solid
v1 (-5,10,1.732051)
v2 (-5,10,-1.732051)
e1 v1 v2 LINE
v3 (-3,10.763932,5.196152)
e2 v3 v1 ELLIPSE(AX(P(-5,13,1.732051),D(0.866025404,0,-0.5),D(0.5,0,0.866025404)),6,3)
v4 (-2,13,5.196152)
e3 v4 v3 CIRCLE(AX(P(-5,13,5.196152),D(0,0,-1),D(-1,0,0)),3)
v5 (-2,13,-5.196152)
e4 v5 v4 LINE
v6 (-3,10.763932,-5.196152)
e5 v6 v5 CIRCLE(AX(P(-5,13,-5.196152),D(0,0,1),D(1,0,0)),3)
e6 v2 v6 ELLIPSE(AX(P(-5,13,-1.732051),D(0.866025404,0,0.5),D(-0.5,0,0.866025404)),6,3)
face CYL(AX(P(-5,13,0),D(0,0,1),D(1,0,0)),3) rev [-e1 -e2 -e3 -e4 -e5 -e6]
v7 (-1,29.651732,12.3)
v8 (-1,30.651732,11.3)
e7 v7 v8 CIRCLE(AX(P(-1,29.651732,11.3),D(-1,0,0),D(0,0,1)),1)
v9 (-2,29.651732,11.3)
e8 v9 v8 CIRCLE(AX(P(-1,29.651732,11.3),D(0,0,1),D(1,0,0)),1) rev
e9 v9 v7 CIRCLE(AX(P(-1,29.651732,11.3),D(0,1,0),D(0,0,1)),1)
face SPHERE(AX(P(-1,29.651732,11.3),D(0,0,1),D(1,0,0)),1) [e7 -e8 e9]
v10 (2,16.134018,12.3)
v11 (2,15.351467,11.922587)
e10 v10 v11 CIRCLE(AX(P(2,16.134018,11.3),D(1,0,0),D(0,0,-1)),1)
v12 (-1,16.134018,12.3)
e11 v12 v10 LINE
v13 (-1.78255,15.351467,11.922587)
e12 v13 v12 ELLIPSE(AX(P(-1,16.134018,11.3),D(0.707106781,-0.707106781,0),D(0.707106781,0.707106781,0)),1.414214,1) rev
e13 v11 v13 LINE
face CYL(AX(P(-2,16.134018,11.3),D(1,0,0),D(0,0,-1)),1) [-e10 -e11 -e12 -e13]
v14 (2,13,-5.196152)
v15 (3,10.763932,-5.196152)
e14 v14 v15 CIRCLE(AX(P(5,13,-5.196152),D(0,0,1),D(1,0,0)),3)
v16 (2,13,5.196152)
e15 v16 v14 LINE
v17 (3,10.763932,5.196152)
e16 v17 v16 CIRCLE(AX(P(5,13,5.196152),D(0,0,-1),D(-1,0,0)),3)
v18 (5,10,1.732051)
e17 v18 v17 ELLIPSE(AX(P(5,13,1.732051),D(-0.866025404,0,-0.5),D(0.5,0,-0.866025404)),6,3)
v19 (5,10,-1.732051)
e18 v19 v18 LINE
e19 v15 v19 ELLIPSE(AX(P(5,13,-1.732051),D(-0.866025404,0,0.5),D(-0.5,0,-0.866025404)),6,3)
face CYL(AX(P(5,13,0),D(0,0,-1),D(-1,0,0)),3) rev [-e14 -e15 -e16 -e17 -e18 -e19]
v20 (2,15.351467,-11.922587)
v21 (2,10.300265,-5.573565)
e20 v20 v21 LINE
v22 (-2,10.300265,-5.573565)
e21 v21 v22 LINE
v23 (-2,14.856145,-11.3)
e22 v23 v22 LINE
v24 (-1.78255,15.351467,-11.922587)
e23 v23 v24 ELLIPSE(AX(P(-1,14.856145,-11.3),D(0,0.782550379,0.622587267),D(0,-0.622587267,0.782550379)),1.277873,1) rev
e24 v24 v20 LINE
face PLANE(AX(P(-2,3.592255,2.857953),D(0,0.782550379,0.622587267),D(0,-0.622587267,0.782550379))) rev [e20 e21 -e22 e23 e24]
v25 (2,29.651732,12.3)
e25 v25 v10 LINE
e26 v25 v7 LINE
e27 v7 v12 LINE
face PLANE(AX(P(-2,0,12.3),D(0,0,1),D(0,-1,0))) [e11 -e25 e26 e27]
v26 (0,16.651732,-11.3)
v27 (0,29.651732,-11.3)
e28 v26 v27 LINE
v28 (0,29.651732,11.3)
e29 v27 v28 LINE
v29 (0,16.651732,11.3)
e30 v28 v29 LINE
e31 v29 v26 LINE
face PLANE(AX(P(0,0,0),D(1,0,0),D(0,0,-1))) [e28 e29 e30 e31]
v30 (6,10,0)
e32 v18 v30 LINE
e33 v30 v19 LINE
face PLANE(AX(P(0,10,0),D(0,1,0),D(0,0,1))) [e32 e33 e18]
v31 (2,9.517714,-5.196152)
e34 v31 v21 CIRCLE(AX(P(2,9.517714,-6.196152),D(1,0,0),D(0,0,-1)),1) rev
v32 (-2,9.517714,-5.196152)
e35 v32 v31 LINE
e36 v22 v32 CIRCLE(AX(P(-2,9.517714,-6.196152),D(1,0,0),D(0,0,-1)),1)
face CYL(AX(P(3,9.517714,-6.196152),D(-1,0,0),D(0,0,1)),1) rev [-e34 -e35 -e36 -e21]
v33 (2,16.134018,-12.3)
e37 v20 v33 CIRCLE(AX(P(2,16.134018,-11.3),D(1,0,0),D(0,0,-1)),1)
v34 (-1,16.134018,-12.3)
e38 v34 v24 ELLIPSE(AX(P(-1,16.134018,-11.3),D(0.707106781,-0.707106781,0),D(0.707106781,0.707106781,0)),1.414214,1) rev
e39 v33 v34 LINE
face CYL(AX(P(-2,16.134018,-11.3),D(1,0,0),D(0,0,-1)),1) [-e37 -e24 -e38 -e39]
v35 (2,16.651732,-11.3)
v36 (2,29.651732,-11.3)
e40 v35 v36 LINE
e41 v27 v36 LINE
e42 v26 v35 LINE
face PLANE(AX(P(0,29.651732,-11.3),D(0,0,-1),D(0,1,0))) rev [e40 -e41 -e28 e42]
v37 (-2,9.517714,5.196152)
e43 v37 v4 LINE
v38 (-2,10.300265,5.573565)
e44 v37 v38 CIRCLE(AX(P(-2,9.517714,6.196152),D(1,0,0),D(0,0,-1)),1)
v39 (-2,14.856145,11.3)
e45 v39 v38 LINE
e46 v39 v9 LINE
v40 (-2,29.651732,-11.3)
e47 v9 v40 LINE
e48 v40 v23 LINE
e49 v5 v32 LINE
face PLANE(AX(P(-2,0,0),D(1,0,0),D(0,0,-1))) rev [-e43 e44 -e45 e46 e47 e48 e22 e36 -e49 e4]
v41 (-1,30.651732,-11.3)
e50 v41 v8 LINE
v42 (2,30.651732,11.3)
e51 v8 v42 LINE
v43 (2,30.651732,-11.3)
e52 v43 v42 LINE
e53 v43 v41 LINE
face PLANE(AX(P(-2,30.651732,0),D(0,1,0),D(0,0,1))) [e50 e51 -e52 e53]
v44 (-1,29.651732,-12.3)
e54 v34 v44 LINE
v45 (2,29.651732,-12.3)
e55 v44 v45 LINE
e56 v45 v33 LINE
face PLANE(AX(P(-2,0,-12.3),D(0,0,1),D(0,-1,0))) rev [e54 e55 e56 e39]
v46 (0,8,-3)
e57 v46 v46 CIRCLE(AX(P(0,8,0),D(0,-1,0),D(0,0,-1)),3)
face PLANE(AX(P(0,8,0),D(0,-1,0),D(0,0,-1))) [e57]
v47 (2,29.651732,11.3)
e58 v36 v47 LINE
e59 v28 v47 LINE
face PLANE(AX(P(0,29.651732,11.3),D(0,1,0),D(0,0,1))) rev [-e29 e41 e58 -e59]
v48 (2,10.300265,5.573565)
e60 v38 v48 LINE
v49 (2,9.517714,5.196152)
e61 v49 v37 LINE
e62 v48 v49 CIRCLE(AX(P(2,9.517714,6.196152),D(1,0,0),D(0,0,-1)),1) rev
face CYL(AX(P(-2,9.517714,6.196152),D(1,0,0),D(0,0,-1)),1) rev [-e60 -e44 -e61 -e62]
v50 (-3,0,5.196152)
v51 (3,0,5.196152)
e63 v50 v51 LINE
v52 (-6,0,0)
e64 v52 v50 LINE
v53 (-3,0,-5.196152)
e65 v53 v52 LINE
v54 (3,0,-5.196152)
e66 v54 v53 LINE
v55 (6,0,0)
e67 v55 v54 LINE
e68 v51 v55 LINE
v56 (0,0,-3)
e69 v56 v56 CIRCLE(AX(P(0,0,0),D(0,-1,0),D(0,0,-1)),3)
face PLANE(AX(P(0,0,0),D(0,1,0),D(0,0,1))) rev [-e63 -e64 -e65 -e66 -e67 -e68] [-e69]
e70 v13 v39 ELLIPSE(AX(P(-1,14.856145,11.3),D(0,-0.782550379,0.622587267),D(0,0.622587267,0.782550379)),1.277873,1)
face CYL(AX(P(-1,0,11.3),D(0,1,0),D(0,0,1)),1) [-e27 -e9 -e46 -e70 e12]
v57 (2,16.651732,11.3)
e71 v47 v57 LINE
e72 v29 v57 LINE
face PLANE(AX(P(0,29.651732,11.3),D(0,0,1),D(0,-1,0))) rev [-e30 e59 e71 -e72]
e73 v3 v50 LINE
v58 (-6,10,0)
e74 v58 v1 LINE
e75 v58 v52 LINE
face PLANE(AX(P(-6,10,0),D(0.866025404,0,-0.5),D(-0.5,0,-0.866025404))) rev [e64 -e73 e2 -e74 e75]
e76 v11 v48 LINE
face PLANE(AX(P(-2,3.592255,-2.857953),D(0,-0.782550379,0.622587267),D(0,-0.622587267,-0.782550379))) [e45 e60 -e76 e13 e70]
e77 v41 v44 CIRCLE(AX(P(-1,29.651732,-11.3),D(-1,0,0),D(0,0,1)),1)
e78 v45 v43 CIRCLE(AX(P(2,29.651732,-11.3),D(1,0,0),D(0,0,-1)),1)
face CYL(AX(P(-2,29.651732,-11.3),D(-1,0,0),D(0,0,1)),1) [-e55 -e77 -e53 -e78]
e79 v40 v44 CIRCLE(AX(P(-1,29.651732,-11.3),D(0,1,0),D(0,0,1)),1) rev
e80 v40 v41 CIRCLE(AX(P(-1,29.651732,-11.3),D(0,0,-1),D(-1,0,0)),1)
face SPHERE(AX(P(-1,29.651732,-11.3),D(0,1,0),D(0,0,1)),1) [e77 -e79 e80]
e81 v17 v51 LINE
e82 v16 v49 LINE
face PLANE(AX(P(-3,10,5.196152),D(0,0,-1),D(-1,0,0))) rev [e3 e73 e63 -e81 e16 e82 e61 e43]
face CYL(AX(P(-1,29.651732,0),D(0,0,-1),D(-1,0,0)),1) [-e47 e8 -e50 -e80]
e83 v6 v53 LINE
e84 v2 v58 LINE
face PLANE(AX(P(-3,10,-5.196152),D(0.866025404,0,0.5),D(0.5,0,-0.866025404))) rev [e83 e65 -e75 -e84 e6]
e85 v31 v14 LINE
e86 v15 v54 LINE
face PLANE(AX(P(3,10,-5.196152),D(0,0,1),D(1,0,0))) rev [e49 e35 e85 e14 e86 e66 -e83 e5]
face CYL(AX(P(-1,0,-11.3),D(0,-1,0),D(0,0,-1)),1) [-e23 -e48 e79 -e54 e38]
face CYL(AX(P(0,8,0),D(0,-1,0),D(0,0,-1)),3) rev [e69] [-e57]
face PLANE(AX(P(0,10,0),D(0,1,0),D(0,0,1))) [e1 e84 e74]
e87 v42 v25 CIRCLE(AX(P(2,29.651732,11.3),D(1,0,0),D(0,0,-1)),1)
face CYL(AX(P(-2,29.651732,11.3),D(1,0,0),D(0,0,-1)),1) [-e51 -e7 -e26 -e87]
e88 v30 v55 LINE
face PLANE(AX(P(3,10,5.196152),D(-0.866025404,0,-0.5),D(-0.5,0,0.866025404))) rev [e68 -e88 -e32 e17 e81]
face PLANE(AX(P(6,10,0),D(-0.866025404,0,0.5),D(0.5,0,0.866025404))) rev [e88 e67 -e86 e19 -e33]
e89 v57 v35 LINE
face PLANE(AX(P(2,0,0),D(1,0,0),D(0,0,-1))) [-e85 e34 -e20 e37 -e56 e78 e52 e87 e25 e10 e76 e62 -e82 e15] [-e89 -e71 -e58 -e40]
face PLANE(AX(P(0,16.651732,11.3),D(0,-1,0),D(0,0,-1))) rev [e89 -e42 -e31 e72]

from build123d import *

# Parameters (mm, degrees)
BOSS_EXTRUDE1_DEPTH      = 10
SKETCH2_R                = 3
CUT_EXTRUDE1_DEPTH       = 8
BOSS_EXTRUDE2_DEPTH      = 2
BOSS_EXTRUDE2_DEPTH_BACK = 2
SKETCH4_W                = 22.6
SKETCH4_H                = 13
CUT_EXTRUDE3_DEPTH       = 2
FILLET1_R                = 1
FILLET2_R                = 3


with BuildPart() as part:
    # Sketch1 → Boss-Extrude1 (new body)
    with BuildSketch(Plane(origin=(0, 0, 0), x_dir=(1, 0, 0), z_dir=(0, 1, 0))):
        Polygon((6, 0), (3, 5.196152423), (-3, 5.196152423), (-6, 0), (-3, -5.196152423), (3, -5.196152423), align=None)
    extrude(amount=BOSS_EXTRUDE1_DEPTH)

    # Sketch2 → Cut-Extrude1 (cut)
    with BuildSketch(Plane.XZ):
        Circle(SKETCH2_R)
    extrude(amount=-CUT_EXTRUDE1_DEPTH, mode=Mode.SUBTRACT)

    # Sketch3 → Boss-Extrude2 (add, two sides: drawn at the far end of the back side and taken through both)
    with BuildSketch(Plane(origin=(0, 0, 0), x_dir=(0, 0, -1), z_dir=(1, 0, 0)).offset(-BOSS_EXTRUDE2_DEPTH_BACK)):
        Polygon((5.196152423, 10), (12.3, 15.651732035), (12.3, 30.651732035), (-12.3, 30.651732035), (-12.3, 15.651732035), (-5.196152423, 10), align=None)
    extrude(amount=BOSS_EXTRUDE2_DEPTH + BOSS_EXTRUDE2_DEPTH_BACK)

    # Sketch4 → Cut-Extrude3 (cut)
    with BuildSketch(Plane(origin=(2, 0, 0), x_dir=(0, 0, -1), z_dir=(1, 0, 0))):
        with Locations((0, 23.151732035)):
            Rectangle(SKETCH4_W, SKETCH4_H)
    extrude(amount=-CUT_EXTRUDE3_DEPTH, mode=Mode.SUBTRACT)

    # Fillet1
    fillet1_edges = [part.edges().sort_by_distance(p)[0] for p in [
        (-2, 23.151732035, -12.3),
        (-2, 30.651732035, 0),
        (-2, 23.151732035, 12.3),
        (0, 10, -5.196152423),
        (0, 10, 5.196152423),
        (0, 15.651732035, 12.3),
        (0, 15.651732035, -12.3),
        (0, 30.651732035, -12.3),
        (0, 30.651732035, 12.3),
    ]]
    fillet(fillet1_edges, radius=FILLET1_R)

    # Fillet2
    fillet2_edges = [part.edges().sort_by_distance(p)[0] for p in [
        (-2, 10, 0),
        (2, 10, 0),
    ]]
    fillet(fillet2_edges, radius=FILLET2_R)


solid = part.part
